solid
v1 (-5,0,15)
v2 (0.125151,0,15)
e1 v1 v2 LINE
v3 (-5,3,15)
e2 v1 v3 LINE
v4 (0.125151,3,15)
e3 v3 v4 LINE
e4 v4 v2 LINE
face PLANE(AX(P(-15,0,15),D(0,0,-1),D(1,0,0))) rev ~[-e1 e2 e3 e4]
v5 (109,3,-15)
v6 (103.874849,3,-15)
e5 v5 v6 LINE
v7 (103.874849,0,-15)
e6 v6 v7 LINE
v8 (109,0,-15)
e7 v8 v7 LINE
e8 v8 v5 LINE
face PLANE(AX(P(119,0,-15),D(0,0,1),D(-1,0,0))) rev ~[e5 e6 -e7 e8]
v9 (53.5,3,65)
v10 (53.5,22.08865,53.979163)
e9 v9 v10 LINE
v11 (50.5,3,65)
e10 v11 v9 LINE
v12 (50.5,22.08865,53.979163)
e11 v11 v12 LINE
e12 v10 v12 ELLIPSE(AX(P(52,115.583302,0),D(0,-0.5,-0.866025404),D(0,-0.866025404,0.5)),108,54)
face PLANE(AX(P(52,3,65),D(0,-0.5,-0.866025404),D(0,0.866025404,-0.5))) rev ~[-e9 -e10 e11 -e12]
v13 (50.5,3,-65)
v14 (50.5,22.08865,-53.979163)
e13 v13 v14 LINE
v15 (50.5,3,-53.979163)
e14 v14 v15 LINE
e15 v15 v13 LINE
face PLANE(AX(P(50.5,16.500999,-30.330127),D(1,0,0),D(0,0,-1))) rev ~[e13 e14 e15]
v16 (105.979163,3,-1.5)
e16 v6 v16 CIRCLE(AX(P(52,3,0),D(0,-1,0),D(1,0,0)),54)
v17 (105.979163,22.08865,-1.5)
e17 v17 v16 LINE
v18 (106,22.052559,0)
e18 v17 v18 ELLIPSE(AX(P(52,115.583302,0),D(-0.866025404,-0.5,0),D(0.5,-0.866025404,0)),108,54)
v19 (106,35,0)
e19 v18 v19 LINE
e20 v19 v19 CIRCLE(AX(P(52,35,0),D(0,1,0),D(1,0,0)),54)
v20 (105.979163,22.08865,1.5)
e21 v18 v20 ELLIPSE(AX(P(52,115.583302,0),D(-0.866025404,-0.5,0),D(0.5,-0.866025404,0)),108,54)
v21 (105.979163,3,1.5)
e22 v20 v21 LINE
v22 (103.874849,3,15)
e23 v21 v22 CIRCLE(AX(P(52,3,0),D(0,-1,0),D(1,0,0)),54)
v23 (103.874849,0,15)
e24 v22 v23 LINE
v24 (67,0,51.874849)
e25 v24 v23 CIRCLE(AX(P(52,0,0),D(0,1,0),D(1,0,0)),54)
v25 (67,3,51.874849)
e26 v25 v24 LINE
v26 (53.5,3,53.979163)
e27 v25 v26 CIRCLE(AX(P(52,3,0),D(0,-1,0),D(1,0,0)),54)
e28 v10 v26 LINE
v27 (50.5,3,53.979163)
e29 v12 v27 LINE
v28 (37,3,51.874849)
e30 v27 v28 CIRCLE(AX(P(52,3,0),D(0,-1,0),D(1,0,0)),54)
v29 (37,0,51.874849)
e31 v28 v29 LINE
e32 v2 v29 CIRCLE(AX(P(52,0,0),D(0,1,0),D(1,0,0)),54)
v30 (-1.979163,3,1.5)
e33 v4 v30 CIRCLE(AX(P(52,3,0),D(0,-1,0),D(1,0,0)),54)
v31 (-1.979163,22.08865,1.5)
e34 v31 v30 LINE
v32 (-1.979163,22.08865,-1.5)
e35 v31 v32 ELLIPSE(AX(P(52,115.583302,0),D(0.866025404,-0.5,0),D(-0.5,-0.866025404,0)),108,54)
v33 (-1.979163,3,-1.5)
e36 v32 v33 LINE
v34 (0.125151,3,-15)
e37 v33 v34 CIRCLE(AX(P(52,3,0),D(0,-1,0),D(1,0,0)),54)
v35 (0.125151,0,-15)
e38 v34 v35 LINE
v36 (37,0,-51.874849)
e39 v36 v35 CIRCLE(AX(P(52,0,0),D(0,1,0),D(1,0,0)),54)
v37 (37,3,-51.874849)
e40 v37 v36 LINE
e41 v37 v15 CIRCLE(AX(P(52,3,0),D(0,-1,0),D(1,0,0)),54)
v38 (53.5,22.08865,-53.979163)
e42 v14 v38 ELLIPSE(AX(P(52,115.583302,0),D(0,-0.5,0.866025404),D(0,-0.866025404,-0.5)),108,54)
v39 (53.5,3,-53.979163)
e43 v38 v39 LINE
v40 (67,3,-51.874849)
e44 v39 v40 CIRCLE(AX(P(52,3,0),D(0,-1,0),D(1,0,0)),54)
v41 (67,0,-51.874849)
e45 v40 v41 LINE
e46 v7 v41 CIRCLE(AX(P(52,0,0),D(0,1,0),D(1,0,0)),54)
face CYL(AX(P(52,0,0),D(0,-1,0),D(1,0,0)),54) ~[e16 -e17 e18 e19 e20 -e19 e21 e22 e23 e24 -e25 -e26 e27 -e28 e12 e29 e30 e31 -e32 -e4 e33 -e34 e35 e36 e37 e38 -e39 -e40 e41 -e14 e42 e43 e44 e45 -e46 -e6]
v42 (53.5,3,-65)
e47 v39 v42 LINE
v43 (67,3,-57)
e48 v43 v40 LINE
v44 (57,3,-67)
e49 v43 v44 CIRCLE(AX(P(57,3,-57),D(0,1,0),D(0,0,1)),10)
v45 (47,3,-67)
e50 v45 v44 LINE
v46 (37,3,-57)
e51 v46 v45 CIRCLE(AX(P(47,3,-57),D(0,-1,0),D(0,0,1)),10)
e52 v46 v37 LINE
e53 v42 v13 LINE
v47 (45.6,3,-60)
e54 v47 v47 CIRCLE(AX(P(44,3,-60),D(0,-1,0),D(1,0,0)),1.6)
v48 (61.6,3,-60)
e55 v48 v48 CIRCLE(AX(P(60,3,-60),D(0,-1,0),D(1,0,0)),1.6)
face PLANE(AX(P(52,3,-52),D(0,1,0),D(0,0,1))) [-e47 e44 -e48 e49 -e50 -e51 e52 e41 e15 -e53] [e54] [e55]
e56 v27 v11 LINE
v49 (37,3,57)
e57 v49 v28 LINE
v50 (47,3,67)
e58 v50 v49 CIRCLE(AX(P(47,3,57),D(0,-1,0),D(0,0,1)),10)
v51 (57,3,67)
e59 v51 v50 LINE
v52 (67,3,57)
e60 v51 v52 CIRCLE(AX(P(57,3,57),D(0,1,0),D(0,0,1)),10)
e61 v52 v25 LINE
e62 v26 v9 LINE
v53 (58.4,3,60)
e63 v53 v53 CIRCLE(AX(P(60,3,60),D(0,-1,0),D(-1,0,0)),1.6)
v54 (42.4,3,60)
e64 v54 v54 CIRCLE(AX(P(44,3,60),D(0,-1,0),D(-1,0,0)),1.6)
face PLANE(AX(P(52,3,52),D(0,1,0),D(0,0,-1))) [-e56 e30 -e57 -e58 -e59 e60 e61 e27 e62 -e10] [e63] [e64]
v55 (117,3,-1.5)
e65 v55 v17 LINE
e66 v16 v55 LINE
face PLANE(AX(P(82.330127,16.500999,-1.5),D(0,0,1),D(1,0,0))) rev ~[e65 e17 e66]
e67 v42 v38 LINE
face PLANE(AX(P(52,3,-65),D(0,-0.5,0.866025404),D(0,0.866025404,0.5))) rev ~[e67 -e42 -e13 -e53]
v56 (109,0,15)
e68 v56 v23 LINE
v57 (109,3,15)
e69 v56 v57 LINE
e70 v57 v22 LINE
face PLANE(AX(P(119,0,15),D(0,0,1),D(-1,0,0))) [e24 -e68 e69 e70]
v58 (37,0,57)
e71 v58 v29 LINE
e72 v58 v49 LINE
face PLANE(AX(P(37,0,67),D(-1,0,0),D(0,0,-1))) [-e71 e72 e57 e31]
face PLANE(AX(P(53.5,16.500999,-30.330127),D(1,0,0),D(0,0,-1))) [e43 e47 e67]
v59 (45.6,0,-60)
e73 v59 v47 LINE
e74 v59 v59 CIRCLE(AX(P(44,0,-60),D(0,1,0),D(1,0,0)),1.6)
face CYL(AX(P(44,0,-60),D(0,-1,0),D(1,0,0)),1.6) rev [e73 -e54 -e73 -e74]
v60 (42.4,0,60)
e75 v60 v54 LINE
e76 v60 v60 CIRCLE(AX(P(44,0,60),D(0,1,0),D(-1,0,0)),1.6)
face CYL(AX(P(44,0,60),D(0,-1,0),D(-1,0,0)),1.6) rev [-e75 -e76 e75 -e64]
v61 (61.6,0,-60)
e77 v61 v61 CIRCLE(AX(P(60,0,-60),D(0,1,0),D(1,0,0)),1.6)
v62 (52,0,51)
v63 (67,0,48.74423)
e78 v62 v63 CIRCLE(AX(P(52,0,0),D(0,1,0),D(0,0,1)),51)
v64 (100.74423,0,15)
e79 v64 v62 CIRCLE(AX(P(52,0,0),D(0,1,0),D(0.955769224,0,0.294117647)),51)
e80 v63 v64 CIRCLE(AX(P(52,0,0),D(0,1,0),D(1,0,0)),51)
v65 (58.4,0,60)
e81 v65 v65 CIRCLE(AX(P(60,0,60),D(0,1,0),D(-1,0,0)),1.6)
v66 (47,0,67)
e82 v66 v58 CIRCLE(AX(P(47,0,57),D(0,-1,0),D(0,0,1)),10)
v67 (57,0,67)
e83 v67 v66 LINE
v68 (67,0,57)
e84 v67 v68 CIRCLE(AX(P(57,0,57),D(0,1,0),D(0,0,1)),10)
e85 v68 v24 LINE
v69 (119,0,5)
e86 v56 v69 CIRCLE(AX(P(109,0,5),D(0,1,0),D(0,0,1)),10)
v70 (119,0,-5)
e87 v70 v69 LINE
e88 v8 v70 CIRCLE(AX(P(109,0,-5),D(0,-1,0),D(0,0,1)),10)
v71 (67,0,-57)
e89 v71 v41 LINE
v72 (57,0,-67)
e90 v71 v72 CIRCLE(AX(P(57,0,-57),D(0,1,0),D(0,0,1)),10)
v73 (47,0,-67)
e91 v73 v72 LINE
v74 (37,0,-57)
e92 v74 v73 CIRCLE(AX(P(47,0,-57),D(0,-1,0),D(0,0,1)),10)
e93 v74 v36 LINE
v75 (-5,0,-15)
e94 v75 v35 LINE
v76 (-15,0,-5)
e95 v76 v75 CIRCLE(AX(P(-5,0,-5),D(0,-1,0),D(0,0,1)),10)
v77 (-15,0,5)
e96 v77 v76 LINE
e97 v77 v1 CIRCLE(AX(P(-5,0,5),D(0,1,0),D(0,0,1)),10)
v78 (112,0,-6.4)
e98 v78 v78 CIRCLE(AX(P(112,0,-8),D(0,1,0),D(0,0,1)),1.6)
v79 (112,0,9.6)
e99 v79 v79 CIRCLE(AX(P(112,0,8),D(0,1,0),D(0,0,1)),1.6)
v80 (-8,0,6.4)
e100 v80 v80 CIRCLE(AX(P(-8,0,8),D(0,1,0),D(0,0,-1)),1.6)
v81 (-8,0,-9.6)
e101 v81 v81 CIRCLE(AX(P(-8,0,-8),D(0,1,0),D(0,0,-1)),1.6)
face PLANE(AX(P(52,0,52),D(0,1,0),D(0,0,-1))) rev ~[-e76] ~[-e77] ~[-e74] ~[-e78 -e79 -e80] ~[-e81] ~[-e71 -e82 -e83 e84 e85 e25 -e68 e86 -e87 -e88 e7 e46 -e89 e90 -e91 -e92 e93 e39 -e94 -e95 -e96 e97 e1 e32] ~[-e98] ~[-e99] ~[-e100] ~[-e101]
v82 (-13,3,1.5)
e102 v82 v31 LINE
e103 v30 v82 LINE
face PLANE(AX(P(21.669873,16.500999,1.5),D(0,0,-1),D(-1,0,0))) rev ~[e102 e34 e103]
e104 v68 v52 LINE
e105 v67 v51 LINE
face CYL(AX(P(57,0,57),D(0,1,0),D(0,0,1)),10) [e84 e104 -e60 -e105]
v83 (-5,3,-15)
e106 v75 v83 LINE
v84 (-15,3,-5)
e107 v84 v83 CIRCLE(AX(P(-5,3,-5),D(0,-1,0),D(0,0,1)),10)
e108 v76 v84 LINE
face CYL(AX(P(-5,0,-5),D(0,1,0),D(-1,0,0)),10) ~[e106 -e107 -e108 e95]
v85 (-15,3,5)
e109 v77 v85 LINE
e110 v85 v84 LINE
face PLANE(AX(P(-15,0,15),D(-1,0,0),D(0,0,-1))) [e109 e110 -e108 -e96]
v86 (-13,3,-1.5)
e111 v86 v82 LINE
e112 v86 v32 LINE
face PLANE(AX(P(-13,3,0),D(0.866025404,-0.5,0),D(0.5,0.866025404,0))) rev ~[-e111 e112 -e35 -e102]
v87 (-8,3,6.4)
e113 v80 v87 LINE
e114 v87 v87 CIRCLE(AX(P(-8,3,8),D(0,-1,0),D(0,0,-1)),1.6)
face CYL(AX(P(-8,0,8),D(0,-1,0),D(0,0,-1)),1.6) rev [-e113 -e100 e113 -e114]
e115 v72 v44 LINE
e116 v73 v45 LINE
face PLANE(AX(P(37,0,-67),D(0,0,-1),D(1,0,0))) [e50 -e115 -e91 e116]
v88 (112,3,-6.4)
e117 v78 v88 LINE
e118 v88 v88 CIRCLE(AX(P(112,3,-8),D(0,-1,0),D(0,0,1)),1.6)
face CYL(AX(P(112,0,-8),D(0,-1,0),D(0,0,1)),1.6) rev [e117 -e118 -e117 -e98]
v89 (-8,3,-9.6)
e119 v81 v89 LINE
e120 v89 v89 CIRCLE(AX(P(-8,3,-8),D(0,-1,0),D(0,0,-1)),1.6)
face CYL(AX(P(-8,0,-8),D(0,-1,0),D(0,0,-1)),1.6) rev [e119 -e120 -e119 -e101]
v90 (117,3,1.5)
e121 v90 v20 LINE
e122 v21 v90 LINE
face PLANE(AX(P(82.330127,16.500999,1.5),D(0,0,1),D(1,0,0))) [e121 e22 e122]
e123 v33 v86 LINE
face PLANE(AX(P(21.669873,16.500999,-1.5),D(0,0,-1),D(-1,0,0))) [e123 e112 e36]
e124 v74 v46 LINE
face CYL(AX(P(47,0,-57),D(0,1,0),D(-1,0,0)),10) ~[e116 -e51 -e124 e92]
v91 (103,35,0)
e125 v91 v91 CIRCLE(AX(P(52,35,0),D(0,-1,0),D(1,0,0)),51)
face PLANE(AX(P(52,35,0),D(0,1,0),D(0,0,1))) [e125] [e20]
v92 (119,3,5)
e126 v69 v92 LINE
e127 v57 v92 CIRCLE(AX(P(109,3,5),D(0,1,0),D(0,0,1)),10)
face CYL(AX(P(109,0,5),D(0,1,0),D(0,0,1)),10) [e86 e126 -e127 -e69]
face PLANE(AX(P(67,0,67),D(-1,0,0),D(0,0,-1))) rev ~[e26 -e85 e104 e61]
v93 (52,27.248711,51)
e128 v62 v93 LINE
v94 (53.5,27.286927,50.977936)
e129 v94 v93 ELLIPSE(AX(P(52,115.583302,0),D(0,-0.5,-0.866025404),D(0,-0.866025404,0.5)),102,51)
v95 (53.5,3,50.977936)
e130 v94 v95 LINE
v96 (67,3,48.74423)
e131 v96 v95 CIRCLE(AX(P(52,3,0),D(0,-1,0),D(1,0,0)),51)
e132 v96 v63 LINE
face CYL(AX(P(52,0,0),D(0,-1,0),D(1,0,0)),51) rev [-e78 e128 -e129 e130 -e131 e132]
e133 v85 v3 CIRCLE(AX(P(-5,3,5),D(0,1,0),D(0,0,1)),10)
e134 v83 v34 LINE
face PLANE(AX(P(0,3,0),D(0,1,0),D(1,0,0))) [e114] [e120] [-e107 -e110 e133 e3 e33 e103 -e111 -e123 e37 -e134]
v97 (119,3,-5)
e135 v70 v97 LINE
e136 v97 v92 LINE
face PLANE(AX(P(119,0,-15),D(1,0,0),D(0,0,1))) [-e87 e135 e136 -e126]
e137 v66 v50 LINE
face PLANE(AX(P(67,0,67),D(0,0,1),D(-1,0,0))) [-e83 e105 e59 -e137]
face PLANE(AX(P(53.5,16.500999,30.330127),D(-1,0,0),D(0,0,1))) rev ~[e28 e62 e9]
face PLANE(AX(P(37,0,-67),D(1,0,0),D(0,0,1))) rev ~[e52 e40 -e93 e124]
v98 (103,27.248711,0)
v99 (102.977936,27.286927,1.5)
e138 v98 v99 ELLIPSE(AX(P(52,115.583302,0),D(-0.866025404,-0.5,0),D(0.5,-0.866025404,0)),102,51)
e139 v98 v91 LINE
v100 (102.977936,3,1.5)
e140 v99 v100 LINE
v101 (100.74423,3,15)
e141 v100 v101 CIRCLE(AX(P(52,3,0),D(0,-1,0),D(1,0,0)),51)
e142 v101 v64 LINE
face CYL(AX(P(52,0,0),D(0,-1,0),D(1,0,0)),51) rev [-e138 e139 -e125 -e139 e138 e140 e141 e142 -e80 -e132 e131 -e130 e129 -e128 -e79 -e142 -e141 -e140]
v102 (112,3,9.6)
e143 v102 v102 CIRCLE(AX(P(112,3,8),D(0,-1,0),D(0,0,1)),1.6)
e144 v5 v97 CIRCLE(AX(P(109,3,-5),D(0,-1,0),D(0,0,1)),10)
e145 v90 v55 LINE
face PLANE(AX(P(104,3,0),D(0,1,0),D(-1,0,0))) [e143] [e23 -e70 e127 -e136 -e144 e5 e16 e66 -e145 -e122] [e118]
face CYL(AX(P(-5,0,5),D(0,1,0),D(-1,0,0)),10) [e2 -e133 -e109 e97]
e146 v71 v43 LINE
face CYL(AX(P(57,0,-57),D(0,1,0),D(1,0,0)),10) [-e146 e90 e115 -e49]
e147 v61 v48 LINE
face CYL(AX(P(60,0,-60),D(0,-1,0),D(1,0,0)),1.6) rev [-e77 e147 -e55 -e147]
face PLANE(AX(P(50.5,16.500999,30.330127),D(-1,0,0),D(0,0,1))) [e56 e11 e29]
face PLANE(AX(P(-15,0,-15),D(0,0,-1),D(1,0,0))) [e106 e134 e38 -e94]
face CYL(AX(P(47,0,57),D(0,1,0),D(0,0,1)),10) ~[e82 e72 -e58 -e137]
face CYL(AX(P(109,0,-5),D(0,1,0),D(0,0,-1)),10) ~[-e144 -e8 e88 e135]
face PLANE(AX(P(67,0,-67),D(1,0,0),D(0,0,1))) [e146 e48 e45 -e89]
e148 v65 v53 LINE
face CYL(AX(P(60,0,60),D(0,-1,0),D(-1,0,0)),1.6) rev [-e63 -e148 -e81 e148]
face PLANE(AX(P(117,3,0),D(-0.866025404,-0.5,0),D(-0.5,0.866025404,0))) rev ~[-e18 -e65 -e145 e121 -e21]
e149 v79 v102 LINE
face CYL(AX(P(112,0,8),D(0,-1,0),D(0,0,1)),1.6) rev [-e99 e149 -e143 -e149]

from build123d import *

# Parameters (mm, degrees)
SKETCH_1_W                       = 30
SKETCH_1_H                       = 30
EXTRUDE_1_DEPTH                  = 3
EXTRUDE_2_DEPTH                  = 1.5
FILLET_2_R                       = 10
SKETCH_4_R                       = 51
CUT_EXTRUDE_1_DEPTH              = 80
SKETCH_5_R                       = 1.6
CUT_EXTRUDE_3_DEPTH              = 10
SHEET_EXTRUDE_2_1_DEPTH          = 35
THICKEN_2_T2                     = 3
PATTERN_CIRCULAR_8_COUNT         = 4
FILLET_2_OF_PATTERN_CIRCULAR_8_R = 10
SKETCH_6_R                       = 51
CUT_EXTRUDE_4_DEPTH              = 35


with BuildPart() as part:
    # 草图1 → 凸台-拉伸1 (new body)
    with BuildSketch(Plane(origin=(0, 0, 0), x_dir=(1, 0, 0), z_dir=(0, 1, 0))):
        Rectangle(SKETCH_1_W, SKETCH_1_H)
    extrude_1 = extrude(amount=EXTRUDE_1_DEPTH)

    # 草图3 → 凸台-拉伸2 (add, symmetric)
    with BuildSketch(Plane.XY):
        Polygon((-13, 3), (4.320508076, 33), (50, 33), (50, 3), align=None)
    extrude_2 = extrude(amount=EXTRUDE_2_DEPTH, both=True)

    # 圆角2
    fillet_2_edges = [part.edges().sort_by_distance(p)[0] for p in [
        (-15, 1.5, 15),
        (-15, 1.5, -15),
    ]]
    fillet(fillet_2_edges, radius=FILLET_2_R)

    # 草图4 → 切除-拉伸1 (cut)
    with BuildSketch(Plane(origin=(0, 0, 0), x_dir=(1, 0, 0), z_dir=(0, 1, 0))):
        with Locations((52, 0)):
            Circle(SKETCH_4_R)
    extrude(amount=CUT_EXTRUDE_1_DEPTH, mode=Mode.SUBTRACT)

    # 草图5 → 切除-拉伸3 (cut)
    with BuildSketch(Plane(origin=(0, 0, 0), x_dir=(1, 0, 0), z_dir=(0, 1, 0))):
        with Locations(Location((-8, 8, 0), (0, 0, 90))):
            Circle(SKETCH_5_R)
        with Locations(Location((-8, -8, 0), (0, 0, 90))):
            Circle(SKETCH_5_R)
    cut_extrude_3 = extrude(amount=CUT_EXTRUDE_3_DEPTH, mode=Mode.SUBTRACT)

    # Sheet 凸台-拉伸2: a surface, the sketch's curves swept straight by 35 mm
    with BuildLine(Plane(origin=(0, 0, 0), x_dir=(1, 0, 0), z_dir=(0, 1, 0)), mode=Mode.PRIVATE) as sheet_extrude_2_1_path:
        CenterArc((52, 0), 51, 0, 360)
    sheet_extrude_2_1 = Shell.extrude(sheet_extrude_2_1_path.wire(), (0 * SHEET_EXTRUDE_2_1_DEPTH, 1 * SHEET_EXTRUDE_2_1_DEPTH, 0 * SHEET_EXTRUDE_2_1_DEPTH))
    add(Solid.thicken(sheet_extrude_2_1, -THICKEN_2_T2))

    # 阵列(圆周)8: 凸台-拉伸1, 凸台-拉伸2, 切除-拉伸3 ×4 about axis
    pattern_circular_8_axis = Axis((52, 0, 0), (0, 1, 0))
    add([extrude_1.rotate(pattern_circular_8_axis, i * 360 / PATTERN_CIRCULAR_8_COUNT) for i in range(1, PATTERN_CIRCULAR_8_COUNT)])
    add([extrude_2.rotate(pattern_circular_8_axis, i * 360 / PATTERN_CIRCULAR_8_COUNT) for i in range(1, PATTERN_CIRCULAR_8_COUNT)])
    add([cut_extrude_3.rotate(pattern_circular_8_axis, i * 360 / PATTERN_CIRCULAR_8_COUNT) for i in range(1, PATTERN_CIRCULAR_8_COUNT)], mode=Mode.SUBTRACT)

    # 圆角2 of 阵列(圆周)8
    fillet_2_of_pattern_circular_8_edges = [part.edges().sort_by_distance(p)[0] for p in [
        (67, 1.5, 67),
        (37, 1.5, 67),
        (119, 1.5, -15),
        (119, 1.5, 15),
        (37, 1.5, -67),
        (67, 1.5, -67),
    ]]
    fillet(fillet_2_of_pattern_circular_8_edges, radius=FILLET_2_OF_PATTERN_CIRCULAR_8_R)

    # 草图6 → 切除-拉伸4 (cut)
    with BuildSketch(Plane(origin=(0, 0, 0), x_dir=(1, 0, 0), z_dir=(0, 1, 0))):
        with Locations(Location((52, 0, 0), (0, 0, 270))):
            Circle(SKETCH_6_R)
    extrude(amount=CUT_EXTRUDE_4_DEPTH, mode=Mode.SUBTRACT)


solid = part.part
